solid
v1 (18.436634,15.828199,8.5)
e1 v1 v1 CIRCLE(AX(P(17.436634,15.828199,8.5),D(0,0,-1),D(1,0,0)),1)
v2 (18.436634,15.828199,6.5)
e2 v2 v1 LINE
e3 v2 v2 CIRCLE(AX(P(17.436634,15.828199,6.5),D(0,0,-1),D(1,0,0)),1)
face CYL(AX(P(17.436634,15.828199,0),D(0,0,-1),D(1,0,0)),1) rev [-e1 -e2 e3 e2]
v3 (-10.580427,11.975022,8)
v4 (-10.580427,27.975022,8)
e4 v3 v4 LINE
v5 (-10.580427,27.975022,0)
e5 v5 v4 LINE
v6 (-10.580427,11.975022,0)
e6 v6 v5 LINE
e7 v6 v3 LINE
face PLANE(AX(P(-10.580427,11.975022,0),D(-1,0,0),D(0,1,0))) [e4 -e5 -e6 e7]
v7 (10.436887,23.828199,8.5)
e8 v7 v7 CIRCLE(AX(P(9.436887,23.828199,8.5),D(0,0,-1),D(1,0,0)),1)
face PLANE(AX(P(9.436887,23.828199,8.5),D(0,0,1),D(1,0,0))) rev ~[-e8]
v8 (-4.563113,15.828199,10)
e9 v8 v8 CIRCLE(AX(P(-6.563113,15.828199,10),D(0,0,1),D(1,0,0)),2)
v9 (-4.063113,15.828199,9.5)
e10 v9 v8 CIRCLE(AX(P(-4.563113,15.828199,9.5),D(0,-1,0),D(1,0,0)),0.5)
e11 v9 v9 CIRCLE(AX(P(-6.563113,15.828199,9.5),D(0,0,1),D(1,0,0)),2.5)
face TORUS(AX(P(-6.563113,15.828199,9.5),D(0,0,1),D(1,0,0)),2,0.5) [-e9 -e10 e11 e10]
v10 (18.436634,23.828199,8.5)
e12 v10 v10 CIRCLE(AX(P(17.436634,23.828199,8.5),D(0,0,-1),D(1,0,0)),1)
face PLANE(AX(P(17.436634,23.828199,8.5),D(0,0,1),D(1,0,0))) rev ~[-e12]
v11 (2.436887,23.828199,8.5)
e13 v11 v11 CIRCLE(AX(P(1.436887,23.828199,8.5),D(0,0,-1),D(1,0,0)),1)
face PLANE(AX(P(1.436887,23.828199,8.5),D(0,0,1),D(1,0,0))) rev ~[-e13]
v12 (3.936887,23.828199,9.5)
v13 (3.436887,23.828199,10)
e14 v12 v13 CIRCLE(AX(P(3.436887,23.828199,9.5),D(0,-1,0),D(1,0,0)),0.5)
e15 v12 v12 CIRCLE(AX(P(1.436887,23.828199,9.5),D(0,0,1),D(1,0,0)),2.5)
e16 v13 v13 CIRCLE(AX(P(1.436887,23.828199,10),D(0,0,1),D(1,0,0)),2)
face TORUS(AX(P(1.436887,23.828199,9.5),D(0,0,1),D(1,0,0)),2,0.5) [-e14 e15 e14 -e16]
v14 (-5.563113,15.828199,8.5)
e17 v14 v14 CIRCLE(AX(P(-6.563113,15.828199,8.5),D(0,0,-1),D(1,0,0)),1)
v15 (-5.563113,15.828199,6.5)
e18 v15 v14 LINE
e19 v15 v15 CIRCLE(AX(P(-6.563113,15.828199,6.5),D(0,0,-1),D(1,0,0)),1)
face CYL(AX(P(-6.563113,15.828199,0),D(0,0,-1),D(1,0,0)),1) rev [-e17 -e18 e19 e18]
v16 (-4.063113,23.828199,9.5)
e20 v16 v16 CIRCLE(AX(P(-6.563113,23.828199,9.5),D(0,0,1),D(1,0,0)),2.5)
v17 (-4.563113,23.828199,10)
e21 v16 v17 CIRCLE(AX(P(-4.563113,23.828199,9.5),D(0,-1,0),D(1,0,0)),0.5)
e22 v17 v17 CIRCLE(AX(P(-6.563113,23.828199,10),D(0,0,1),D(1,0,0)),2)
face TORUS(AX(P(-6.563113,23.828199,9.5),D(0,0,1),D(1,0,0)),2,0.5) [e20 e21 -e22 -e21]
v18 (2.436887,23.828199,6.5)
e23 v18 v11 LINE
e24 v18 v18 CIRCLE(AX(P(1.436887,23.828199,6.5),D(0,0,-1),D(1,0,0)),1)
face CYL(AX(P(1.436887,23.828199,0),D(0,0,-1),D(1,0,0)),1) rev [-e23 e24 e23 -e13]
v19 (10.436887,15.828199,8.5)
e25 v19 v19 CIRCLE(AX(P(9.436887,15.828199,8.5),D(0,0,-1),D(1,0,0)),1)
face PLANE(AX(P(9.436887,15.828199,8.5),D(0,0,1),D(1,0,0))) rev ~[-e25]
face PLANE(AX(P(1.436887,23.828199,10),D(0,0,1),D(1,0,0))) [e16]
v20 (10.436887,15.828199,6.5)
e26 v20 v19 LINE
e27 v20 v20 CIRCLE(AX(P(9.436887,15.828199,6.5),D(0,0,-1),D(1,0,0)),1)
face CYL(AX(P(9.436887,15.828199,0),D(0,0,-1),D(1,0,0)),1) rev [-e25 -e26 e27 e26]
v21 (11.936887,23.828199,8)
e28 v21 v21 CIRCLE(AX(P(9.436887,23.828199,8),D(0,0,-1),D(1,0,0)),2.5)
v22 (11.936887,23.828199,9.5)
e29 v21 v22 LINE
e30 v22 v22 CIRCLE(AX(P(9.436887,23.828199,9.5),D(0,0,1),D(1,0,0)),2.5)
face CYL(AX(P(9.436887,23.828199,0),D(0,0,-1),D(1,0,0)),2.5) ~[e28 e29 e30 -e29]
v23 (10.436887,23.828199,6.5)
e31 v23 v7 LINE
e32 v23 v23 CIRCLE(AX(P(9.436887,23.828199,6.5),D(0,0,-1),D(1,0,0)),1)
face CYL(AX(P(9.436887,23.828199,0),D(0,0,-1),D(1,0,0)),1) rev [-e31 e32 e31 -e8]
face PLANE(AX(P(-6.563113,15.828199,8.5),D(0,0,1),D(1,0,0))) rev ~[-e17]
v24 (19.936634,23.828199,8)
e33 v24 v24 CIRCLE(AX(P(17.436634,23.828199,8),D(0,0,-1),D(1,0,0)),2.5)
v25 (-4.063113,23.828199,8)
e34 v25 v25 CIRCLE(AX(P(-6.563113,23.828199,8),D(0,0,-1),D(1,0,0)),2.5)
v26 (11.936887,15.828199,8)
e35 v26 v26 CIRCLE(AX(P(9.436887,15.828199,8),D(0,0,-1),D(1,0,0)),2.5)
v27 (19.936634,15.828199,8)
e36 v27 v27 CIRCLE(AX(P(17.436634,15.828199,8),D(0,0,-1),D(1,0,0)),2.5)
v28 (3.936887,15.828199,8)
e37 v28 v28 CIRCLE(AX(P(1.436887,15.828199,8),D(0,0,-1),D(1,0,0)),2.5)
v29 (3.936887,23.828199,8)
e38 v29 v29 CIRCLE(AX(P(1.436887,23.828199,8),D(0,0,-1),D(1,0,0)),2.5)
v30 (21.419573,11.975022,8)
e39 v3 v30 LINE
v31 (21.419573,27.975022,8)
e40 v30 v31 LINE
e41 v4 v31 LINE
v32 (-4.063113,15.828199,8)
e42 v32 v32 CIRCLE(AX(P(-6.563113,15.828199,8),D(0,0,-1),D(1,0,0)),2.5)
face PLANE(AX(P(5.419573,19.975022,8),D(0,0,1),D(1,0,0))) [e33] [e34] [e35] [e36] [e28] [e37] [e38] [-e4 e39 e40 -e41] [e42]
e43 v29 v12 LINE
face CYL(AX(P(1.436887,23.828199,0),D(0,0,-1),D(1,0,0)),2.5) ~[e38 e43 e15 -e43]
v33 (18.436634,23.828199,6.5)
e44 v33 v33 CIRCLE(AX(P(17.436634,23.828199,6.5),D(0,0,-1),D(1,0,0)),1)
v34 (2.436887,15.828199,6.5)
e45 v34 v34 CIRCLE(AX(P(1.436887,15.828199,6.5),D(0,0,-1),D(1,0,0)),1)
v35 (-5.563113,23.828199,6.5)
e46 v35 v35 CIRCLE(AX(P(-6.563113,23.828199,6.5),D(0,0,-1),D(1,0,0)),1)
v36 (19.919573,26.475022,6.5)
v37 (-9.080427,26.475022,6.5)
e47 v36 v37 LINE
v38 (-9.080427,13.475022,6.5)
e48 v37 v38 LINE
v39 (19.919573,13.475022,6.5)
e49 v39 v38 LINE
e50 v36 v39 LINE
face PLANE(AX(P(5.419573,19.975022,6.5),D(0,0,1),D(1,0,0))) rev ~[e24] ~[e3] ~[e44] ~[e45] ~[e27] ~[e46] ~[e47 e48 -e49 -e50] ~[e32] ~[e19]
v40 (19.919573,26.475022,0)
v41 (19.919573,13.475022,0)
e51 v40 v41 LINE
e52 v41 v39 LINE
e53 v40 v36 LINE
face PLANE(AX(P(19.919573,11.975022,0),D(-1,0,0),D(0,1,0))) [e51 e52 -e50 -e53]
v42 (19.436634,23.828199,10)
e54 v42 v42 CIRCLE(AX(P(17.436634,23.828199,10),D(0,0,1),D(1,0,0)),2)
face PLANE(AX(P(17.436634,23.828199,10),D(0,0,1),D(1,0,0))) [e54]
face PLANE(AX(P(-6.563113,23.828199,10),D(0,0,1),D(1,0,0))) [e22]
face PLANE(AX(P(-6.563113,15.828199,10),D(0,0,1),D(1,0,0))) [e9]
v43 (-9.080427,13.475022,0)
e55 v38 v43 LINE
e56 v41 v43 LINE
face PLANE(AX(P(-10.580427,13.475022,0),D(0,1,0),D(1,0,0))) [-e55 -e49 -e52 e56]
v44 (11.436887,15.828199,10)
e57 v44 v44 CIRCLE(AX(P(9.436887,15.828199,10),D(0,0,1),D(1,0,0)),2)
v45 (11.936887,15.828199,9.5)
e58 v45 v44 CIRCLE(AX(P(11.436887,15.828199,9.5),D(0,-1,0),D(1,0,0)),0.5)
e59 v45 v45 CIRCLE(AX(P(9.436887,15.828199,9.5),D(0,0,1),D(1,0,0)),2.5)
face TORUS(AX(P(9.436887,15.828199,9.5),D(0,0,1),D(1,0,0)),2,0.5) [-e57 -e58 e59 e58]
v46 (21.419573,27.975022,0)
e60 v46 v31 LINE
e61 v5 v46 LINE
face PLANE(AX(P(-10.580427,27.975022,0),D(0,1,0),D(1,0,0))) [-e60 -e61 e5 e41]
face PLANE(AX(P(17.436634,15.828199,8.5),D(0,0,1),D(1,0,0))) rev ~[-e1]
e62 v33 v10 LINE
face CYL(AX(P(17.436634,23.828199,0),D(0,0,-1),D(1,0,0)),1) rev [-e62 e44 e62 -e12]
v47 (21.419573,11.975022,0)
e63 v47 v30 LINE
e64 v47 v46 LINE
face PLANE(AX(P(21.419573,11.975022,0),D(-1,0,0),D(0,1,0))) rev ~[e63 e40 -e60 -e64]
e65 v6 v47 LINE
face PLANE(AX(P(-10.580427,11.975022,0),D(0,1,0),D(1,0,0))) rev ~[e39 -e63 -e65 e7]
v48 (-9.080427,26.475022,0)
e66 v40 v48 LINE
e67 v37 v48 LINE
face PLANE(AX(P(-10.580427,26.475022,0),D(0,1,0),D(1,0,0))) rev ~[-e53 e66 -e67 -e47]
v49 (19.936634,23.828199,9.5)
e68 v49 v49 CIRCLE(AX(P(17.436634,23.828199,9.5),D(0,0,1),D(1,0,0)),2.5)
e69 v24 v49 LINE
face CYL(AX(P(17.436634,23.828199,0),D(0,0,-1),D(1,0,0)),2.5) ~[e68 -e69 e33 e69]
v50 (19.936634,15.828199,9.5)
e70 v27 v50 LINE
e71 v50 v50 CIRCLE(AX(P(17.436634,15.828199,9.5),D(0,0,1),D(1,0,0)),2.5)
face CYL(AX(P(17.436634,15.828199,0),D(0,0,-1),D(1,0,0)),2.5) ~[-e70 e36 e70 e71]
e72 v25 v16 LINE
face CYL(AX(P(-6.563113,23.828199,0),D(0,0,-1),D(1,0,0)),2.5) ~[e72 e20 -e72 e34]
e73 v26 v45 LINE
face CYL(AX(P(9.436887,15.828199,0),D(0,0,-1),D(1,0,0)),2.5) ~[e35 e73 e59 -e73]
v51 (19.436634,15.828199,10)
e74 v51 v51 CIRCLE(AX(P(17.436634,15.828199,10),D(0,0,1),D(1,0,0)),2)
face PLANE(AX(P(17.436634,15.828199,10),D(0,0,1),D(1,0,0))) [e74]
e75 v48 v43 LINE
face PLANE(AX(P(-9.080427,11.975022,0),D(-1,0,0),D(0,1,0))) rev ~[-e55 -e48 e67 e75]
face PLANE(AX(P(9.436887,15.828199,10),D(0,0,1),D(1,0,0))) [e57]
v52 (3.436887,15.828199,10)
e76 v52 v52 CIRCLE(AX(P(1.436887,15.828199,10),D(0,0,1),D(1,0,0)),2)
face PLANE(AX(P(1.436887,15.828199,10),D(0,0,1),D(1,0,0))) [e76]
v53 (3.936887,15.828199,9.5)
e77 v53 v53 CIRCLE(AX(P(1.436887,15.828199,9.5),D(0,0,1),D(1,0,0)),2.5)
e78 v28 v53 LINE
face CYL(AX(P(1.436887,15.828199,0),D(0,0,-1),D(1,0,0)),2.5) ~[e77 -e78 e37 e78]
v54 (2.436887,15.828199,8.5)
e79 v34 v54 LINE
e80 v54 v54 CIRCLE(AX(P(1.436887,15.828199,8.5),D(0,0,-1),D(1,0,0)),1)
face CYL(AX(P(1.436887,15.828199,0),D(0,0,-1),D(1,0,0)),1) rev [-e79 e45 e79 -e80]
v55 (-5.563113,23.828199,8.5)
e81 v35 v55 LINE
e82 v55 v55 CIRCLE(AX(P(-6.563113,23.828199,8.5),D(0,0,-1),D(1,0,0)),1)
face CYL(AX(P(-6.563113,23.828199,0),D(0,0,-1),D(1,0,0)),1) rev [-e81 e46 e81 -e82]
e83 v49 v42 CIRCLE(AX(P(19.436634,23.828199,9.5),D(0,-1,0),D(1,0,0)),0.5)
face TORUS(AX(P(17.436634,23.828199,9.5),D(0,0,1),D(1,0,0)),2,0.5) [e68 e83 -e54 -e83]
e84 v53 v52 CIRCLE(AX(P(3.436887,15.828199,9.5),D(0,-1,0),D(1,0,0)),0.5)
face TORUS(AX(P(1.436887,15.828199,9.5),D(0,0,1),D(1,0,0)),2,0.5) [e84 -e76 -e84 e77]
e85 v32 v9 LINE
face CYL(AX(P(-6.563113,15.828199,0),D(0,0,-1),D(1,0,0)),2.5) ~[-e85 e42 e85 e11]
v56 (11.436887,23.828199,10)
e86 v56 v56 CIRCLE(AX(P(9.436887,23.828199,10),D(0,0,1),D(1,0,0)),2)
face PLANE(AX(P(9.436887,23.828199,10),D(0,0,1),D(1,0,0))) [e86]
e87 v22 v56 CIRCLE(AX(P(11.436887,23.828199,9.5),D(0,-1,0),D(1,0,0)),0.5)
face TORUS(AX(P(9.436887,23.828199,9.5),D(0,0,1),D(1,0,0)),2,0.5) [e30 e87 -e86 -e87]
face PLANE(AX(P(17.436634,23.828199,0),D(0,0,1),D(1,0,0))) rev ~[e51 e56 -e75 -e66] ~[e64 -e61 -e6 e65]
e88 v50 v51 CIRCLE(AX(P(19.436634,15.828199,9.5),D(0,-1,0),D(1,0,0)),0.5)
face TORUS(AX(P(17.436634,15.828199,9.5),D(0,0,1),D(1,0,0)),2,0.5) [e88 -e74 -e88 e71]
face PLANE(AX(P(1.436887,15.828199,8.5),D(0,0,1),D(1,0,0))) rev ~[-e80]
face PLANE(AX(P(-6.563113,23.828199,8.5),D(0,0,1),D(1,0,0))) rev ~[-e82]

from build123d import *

# Parameters (mm, degrees)
F0_W     = 32
F0_H     = 16
F1_DEPTH = 8
F2_R     = 2.5
F3_DEPTH = 10
F4_R     = 0.5
F5_T     = -1.5


with BuildPart() as f1:
    # F0 (on Top) → F1 (new body)
    with BuildSketch(Plane.XY):
        with Locations((5.4195728153, 19.9750221409)):
            Rectangle(F0_W, F0_H)
    extrude(amount=F1_DEPTH)

    # F2 (on Top) → F3 (join)
    with BuildSketch(Plane.XY):
        with Locations((17.4366342831, 23.8281991333)):
            Circle(F2_R)
        with Locations((9.4368873946, 23.8281991333)):
            Circle(F2_R)
        with Locations((1.4368873946, 23.8281991333)):
            Circle(F2_R)
        with Locations((-6.5631126054, 23.8281991333)):
            Circle(F2_R)
        with Locations((-6.5631126054, 15.8281991333)):
            Circle(F2_R)
        with Locations((1.4368873946, 15.8281991333)):
            Circle(F2_R)
        with Locations((9.4368873946, 15.8281991333)):
            Circle(F2_R)
        with Locations((17.4366342831, 15.8281991333)):
            Circle(F2_R)
    extrude(amount=F3_DEPTH)

    # F4
    f4_edges = [f1.edges().sort_by_distance(p)[0] for p in [
        (-9.063113, 23.828199, 10),
        (-9.063113, 15.828199, 10),
        (-1.063113, 15.828199, 10),
        (-1.063113, 23.828199, 10),
        (6.936887, 23.828199, 10),
        (14.936634, 23.828199, 10),
        (14.936634, 15.828199, 10),
        (6.936887, 15.828199, 10),
    ]]
    fillet(f4_edges, radius=F4_R)

    # F5
    f5_openings = [f1.faces().sort_by_distance(p)[0] for p in [
        (5.419573, 19.975022, 0),
    ]]
    offset(amount=F5_T, openings=f5_openings, kind=Kind.INTERSECTION)


solid = f1.part
